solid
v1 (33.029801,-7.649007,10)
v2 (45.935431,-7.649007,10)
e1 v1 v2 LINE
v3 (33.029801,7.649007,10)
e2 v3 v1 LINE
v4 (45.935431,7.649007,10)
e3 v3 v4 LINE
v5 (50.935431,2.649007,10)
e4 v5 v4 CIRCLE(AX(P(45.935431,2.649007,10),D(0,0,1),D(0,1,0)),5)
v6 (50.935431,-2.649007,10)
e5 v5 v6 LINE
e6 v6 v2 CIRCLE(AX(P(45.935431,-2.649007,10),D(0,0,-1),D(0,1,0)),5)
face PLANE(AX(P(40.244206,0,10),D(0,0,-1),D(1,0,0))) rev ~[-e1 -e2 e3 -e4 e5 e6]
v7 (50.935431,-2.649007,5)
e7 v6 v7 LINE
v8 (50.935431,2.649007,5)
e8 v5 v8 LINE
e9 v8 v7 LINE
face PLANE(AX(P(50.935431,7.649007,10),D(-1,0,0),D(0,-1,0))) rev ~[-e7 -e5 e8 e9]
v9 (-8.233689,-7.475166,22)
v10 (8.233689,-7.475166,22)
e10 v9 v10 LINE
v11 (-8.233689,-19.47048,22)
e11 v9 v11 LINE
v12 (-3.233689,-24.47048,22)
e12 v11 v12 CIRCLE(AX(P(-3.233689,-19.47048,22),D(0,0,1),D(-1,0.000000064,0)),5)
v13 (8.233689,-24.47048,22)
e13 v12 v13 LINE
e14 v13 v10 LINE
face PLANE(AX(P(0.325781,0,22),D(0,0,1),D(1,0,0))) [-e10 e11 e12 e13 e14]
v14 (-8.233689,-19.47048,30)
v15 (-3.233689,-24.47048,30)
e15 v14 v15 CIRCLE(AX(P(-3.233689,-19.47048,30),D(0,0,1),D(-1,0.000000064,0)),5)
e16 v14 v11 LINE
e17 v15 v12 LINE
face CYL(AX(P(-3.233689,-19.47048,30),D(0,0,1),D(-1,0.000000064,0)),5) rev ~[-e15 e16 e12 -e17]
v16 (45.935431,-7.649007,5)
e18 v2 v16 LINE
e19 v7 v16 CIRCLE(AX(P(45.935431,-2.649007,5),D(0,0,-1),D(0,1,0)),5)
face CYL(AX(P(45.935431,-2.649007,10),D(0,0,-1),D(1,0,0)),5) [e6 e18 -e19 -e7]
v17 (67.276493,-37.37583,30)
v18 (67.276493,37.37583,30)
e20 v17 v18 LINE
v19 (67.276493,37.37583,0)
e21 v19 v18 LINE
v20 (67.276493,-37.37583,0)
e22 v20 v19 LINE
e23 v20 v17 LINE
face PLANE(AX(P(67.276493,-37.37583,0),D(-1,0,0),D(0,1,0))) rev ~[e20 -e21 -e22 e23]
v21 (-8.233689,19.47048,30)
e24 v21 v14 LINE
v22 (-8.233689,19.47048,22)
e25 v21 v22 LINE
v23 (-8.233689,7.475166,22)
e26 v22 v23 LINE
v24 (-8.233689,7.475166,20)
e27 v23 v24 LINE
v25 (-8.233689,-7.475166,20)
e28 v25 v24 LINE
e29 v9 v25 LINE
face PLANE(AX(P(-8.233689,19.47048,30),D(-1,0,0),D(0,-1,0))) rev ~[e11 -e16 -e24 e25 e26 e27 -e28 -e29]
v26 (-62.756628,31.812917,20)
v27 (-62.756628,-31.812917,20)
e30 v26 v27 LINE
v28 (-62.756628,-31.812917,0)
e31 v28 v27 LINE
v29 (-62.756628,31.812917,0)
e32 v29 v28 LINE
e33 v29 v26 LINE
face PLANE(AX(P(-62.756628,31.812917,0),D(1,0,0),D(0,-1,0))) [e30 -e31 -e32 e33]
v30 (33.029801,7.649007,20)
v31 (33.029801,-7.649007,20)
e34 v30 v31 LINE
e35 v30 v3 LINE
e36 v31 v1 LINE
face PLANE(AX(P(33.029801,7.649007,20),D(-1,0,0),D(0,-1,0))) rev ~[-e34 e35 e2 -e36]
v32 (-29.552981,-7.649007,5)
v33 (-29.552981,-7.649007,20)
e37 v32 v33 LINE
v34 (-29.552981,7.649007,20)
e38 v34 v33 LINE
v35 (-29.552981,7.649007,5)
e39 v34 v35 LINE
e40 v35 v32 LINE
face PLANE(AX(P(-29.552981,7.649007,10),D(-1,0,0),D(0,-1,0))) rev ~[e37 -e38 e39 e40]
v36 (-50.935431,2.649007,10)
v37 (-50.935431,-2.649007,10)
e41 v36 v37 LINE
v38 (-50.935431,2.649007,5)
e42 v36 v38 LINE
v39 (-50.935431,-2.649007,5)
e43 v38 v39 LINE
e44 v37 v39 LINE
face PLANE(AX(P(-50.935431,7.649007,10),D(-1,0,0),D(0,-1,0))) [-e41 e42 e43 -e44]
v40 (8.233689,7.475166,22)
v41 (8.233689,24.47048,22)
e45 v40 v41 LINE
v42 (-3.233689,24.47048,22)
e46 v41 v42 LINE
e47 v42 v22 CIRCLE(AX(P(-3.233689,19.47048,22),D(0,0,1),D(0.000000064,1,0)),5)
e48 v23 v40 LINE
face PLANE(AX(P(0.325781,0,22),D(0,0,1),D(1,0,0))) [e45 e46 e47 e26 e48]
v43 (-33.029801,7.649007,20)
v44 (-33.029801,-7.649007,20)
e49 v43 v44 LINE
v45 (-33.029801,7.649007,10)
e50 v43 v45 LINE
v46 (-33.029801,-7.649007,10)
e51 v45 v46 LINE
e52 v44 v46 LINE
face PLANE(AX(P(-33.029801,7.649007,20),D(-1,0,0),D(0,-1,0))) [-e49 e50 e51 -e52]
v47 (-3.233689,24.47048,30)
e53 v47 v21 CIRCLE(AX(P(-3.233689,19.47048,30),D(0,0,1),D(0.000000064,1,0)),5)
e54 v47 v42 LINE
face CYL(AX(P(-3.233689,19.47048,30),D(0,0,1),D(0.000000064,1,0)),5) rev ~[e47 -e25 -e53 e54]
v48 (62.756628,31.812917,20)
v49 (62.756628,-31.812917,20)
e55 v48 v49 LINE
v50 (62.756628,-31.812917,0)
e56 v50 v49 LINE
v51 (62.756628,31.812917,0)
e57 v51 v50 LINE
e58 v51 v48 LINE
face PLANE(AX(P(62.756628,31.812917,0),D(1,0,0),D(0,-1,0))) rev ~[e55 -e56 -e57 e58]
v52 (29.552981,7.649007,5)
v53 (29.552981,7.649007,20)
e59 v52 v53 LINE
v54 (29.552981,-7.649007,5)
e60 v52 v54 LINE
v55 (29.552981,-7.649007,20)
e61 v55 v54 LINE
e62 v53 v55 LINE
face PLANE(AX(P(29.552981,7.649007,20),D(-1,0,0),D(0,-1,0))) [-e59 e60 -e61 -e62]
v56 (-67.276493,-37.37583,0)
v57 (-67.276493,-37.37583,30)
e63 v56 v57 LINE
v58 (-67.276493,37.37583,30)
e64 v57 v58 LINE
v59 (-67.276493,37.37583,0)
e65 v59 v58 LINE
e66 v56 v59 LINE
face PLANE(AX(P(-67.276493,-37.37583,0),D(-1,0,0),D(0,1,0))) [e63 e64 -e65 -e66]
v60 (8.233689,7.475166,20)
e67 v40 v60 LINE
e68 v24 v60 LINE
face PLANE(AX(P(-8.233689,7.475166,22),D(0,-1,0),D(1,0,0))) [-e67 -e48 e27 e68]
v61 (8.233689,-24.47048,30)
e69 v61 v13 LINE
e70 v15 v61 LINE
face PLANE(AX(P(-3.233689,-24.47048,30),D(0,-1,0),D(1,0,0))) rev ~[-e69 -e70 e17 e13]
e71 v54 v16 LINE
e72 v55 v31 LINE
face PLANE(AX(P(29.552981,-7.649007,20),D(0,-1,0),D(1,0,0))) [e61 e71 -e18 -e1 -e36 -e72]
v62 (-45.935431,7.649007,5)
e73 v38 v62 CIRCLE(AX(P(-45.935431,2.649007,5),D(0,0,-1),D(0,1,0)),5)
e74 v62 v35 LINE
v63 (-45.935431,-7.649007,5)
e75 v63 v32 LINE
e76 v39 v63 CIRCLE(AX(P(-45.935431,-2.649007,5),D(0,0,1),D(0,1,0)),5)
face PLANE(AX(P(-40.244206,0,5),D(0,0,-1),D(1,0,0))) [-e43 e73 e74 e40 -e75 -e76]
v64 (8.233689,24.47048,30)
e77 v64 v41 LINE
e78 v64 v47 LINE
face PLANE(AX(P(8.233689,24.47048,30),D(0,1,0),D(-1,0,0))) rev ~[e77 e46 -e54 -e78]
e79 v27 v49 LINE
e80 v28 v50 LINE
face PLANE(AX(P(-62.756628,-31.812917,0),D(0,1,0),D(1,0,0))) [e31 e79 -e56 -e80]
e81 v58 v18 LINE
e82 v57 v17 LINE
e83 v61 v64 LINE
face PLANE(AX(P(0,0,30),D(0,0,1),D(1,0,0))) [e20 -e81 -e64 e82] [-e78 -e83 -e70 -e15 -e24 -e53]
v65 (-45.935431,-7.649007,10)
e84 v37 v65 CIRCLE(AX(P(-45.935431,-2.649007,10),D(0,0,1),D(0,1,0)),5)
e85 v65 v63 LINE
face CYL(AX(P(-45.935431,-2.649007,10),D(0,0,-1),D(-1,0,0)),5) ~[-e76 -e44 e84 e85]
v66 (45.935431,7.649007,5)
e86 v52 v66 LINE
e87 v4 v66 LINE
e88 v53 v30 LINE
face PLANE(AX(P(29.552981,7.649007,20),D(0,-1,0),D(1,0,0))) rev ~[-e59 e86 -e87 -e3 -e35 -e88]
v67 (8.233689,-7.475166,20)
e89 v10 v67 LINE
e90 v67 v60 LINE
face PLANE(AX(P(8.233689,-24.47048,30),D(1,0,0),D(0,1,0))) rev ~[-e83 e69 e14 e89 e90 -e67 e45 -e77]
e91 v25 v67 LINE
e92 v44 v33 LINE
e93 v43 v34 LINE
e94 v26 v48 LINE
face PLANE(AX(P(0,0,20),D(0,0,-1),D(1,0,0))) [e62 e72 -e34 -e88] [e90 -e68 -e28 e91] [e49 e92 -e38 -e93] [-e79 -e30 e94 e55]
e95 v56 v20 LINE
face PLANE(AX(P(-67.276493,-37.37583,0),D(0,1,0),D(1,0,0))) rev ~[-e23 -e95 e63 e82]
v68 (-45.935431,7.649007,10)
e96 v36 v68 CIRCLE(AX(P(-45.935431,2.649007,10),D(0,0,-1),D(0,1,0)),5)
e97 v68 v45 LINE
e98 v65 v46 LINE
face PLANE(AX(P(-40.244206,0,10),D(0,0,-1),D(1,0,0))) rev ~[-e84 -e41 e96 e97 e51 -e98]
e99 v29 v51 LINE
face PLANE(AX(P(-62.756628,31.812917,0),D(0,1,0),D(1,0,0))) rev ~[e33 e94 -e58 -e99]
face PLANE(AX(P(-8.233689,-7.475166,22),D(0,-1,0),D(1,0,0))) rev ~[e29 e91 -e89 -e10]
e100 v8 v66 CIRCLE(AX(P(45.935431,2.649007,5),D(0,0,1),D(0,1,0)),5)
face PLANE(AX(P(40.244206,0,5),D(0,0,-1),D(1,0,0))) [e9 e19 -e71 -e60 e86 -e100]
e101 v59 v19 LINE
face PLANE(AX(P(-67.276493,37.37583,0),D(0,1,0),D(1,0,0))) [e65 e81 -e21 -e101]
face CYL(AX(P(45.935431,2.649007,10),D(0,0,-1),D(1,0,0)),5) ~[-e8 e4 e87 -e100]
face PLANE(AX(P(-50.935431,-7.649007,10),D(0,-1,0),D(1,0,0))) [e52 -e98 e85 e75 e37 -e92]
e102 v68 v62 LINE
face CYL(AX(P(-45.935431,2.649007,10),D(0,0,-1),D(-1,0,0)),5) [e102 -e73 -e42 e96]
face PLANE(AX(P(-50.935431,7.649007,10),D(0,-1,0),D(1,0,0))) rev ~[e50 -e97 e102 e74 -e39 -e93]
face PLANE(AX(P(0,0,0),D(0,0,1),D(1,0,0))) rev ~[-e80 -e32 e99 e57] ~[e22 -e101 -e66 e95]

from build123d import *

# Parameters (mm, degrees)
F0_W      = 134.552986
F0_H      = 74.75166
F1_DEPTH  = 30
F3_DEPTH  = 8
F4_W      = 125.513256
F4_H      = 63.625834
F5_DEPTH  = 20
F6_W      = 16.467378
F6_H      = 14.950332
F7_DEPTH  = 2
F8_W      = 3.476821
F8_H      = 15.298014
F9_DEPTH  = 10
F10_W     = 21.382451
F10_H     = 15.298014
F11_DEPTH = 5
F12_R     = 5


with BuildPart() as f1:
    # F0 (on Top) → F1 (new body)
    with BuildSketch(Plane.XY):
        Rectangle(F0_W, F0_H)
    extrude(amount=F1_DEPTH)

    # F2 (on face) → F3 (cut)
    with BuildSketch(Plane.XY.offset(30)):
        with BuildLine():
            Line((8.233689, -24.47048), (8.233689, 24.47048))
            Line((8.233689, 24.47048), (-3.233689, 24.47048))
            ThreePointArc((-3.233689, 24.47048), (-6.769223, 23.006014), (-8.233689, 19.47048))
            Line((-8.233689, 19.47048), (-8.233689, -19.47048))
            ThreePointArc((-8.233689, -19.47048), (-6.769223, -23.006014), (-3.233689, -24.47048))
            Line((-3.233689, -24.47048), (8.233689, -24.47048))
        make_face()
    extrude(amount=-F3_DEPTH, mode=Mode.SUBTRACT)

    # F4 (on face) → F5 (cut)
    with BuildSketch(Plane(origin=(0, 0, 0), x_dir=(1, 0, 0), z_dir=(0, 0, -1))):
        Rectangle(F4_W, F4_H)
    extrude(amount=-F5_DEPTH, mode=Mode.SUBTRACT)

    # F6 (on face) → F7 (cut, through all)
    with BuildSketch(Plane.XY.offset(22)):
        Rectangle(F6_W, F6_H)
    extrude(amount=-F7_DEPTH, mode=Mode.SUBTRACT)

    # F8 (on face) → F9 (join)
    with BuildSketch(Plane(origin=(0, 0, 20), x_dir=(1, 0, 0), z_dir=(0, 0, -1))):
        with Locations((-31.291391, 0)):
            Rectangle(F8_W, F8_H)
        with Locations((31.291391, 0)):
            Rectangle(F8_W, F8_H)
    extrude(amount=F9_DEPTH)

    # F10 (on face) → F11 (join)
    with BuildSketch(Plane(origin=(0, 0, 10), x_dir=(1, 0, 0), z_dir=(0, 0, -1))):
        with Locations((-40.244206, 0)):
            Rectangle(F10_W, F10_H)
        with Locations((40.244206, 0)):
            Rectangle(F10_W, F10_H)
    extrude(amount=F11_DEPTH)

    # F12
    f12_edges = [f1.edges().sort_by_distance(p)[0] for p in [
        (-50.935432, -7.649007, 7.5),
        (-50.935432, 7.649007, 7.5),
        (50.935432, 7.649007, 7.5),
        (50.935432, -7.649007, 7.5),
    ]]
    fillet(f12_edges, radius=F12_R)


solid = f1.part
